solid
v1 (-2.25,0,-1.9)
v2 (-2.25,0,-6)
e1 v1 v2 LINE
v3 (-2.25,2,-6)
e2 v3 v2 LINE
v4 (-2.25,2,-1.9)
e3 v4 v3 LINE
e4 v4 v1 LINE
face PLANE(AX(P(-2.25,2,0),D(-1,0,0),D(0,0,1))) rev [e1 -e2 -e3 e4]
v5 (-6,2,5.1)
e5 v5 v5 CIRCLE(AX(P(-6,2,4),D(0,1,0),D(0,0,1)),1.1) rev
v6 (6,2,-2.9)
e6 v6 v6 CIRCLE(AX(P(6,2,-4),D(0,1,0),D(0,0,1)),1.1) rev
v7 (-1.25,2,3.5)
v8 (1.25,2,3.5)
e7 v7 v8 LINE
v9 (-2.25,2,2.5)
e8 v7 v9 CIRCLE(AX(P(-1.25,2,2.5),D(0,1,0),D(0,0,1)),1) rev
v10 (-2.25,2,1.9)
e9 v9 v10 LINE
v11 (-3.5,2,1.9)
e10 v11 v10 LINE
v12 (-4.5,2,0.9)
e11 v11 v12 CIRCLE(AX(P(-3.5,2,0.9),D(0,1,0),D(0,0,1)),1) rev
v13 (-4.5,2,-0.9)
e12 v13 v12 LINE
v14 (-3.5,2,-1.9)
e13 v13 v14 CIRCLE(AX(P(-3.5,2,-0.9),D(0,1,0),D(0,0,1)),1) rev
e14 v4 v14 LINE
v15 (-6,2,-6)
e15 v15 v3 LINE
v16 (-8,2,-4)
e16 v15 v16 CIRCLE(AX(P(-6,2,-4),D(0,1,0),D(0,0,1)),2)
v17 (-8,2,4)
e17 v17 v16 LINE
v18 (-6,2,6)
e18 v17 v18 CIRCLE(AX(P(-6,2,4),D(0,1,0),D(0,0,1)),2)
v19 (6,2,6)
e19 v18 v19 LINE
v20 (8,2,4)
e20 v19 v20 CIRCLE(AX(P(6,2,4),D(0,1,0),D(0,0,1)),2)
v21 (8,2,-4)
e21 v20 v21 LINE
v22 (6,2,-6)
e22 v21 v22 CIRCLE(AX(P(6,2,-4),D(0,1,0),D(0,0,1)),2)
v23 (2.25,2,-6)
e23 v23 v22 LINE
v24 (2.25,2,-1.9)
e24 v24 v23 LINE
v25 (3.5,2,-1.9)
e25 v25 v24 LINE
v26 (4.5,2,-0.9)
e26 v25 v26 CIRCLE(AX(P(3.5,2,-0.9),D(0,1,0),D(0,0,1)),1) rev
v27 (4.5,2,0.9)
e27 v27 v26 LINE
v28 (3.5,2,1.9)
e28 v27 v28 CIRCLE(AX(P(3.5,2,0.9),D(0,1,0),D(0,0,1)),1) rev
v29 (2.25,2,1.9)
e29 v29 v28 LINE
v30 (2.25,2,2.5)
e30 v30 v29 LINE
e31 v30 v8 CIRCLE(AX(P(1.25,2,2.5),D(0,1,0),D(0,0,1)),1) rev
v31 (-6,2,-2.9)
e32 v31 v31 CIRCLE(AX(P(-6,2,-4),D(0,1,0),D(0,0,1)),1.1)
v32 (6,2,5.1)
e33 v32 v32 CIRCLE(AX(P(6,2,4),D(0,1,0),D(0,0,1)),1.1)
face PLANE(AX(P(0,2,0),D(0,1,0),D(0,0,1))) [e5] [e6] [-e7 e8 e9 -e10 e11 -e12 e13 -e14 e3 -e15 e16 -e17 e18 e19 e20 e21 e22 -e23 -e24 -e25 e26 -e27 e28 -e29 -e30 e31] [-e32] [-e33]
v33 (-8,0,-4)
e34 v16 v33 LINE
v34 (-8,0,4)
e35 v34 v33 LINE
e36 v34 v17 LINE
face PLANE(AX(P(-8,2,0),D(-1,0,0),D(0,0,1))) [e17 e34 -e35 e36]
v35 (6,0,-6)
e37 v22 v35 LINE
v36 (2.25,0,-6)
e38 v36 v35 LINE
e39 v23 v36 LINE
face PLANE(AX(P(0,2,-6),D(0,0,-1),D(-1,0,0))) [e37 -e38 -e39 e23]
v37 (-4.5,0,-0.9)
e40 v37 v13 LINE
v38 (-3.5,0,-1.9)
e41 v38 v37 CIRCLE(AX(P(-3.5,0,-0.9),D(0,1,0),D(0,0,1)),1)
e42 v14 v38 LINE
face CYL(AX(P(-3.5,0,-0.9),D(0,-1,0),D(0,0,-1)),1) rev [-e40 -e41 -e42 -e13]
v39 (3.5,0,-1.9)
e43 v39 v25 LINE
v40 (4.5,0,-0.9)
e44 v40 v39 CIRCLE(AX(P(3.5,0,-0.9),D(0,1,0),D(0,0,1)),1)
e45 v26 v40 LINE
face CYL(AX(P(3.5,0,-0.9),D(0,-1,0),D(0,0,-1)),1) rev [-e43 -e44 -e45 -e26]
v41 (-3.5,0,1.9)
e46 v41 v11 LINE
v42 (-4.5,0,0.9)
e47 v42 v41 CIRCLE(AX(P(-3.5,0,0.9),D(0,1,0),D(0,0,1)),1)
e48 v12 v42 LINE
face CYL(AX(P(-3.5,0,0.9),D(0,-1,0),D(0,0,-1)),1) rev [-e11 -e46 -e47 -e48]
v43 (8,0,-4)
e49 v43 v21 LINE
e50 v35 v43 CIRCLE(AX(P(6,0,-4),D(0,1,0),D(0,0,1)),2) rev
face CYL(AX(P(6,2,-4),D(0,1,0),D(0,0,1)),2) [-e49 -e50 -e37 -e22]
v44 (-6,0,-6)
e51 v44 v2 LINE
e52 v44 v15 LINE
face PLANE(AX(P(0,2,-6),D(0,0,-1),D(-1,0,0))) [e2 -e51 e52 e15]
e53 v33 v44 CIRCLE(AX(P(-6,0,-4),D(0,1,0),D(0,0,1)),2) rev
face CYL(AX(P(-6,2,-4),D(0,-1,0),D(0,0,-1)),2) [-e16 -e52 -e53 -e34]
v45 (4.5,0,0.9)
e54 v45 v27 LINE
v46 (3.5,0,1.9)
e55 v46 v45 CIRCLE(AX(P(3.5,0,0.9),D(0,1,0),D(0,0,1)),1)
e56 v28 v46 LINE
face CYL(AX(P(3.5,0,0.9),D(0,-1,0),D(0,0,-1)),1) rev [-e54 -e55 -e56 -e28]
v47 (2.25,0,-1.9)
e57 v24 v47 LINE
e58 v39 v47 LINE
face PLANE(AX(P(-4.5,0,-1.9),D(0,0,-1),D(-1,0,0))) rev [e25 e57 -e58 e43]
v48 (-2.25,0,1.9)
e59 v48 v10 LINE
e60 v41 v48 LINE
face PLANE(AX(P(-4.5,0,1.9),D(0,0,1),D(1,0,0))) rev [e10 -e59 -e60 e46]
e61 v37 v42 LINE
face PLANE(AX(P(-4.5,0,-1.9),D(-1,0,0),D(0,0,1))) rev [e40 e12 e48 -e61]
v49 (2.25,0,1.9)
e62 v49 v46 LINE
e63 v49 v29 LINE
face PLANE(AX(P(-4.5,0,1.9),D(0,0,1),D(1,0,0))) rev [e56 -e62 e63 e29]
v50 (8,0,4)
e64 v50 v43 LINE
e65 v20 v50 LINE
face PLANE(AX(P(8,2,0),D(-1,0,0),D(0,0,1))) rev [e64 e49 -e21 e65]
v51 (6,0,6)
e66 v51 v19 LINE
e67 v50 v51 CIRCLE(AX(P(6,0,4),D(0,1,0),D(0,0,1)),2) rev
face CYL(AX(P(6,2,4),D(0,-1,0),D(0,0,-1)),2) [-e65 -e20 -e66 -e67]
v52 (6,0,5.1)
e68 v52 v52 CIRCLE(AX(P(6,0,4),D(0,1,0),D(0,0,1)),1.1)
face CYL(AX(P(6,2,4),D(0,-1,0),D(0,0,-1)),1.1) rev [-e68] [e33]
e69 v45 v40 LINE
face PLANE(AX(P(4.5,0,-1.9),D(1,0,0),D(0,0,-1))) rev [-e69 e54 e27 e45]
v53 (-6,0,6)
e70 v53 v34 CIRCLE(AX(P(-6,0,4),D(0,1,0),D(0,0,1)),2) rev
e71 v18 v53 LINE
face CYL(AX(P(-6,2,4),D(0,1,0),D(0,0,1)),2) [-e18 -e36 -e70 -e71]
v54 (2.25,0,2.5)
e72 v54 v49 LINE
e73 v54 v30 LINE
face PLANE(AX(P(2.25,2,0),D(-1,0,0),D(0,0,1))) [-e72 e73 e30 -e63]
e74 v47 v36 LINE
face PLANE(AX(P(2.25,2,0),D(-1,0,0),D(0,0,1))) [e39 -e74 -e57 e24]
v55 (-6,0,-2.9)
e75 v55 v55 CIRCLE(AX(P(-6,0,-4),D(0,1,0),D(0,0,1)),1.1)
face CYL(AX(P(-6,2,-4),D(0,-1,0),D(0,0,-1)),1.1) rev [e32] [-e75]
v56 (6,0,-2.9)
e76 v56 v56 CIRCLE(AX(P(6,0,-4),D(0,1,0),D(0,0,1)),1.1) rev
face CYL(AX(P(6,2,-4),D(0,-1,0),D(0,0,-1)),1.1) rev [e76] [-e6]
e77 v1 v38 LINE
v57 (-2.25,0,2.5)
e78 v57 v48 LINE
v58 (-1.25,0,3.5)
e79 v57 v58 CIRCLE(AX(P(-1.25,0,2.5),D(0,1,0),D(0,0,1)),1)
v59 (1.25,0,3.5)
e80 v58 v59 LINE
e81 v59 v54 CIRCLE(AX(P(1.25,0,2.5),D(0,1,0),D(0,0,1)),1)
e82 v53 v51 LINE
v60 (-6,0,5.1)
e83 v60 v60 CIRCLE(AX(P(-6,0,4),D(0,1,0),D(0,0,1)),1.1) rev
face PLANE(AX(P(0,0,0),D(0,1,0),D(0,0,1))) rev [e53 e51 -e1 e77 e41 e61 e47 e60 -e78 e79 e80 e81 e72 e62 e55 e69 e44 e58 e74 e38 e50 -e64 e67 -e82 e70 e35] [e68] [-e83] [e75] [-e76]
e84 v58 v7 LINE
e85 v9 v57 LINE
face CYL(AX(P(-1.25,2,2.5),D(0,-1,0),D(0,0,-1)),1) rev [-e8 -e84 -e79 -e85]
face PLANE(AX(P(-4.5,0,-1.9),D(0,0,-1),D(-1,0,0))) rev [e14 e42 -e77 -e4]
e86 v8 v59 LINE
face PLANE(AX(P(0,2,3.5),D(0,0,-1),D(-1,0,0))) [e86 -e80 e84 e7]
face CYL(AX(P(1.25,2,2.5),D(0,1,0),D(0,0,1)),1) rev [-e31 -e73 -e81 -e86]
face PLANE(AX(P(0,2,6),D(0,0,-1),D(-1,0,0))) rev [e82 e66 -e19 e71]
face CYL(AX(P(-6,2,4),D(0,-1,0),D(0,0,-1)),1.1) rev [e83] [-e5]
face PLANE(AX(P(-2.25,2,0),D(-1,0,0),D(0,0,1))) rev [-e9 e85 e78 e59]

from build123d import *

# Parameters (mm, degrees)
SKETCH_1_R          = 1.1
EXTRUDE_1_DEPTH     = 2
SKETCH_2_W          = 9
SKETCH_2_H          = 3.8
CUT_EXTRUDE_1_DEPTH = 11.198039027
FILLET_1_R          = 2
FILLET_2_R          = 1


with BuildPart() as part:
    # 草图1 → 凸台-拉伸1 (new body)
    with BuildSketch(Plane(origin=(0, 0, 0), x_dir=(1, 0, 0), z_dir=(0, 1, 0))):
        Polygon((-8, 6), (-8, -6), (8, -6), (8, 6), (2.25, 6), (2.25, -3.5), (-2.25, -3.5), (-2.25, 6), align=None)
        with Locations(Location((-6, -4, 0), (0, 0, 270))):
            Circle(SKETCH_1_R, mode=Mode.SUBTRACT)
        with Locations(Location((6, -4, 0), (0, 0, 270))):
            Circle(SKETCH_1_R, mode=Mode.SUBTRACT)
        with Locations(Location((-6, 4, 0), (0, 0, 270))):
            Circle(SKETCH_1_R, mode=Mode.SUBTRACT)
        with Locations(Location((6, 4, 0), (0, 0, 270))):
            Circle(SKETCH_1_R, mode=Mode.SUBTRACT)
    extrude(amount=EXTRUDE_1_DEPTH)

    # 草图2 → 切除-拉伸1 (cut, through all)
    with BuildSketch(Plane(origin=(0, 2, 0), x_dir=(1, 0, 0), z_dir=(0, 1, 0))):
        Rectangle(SKETCH_2_W, SKETCH_2_H)
    extrude(amount=-CUT_EXTRUDE_1_DEPTH, mode=Mode.SUBTRACT)

    # 圆角1
    fillet_1_edges = [part.edges().sort_by_distance(p)[0] for p in [
        (8, 1, -6),
        (8, 1, 6),
        (-8, 1, 6),
        (-8, 1, -6),
    ]]
    fillet(fillet_1_edges, radius=FILLET_1_R)

    # 圆角2
    fillet_2_edges = [part.edges().sort_by_distance(p)[0] for p in [
        (-2.25, 1, 3.5),
        (2.25, 1, 3.5),
        (-4.5, 1, -1.9),
        (4.5, 1, -1.9),
        (4.5, 1, 1.9),
        (-4.5, 1, 1.9),
    ]]
    fillet(fillet_2_edges, radius=FILLET_2_R)


solid = part.part
